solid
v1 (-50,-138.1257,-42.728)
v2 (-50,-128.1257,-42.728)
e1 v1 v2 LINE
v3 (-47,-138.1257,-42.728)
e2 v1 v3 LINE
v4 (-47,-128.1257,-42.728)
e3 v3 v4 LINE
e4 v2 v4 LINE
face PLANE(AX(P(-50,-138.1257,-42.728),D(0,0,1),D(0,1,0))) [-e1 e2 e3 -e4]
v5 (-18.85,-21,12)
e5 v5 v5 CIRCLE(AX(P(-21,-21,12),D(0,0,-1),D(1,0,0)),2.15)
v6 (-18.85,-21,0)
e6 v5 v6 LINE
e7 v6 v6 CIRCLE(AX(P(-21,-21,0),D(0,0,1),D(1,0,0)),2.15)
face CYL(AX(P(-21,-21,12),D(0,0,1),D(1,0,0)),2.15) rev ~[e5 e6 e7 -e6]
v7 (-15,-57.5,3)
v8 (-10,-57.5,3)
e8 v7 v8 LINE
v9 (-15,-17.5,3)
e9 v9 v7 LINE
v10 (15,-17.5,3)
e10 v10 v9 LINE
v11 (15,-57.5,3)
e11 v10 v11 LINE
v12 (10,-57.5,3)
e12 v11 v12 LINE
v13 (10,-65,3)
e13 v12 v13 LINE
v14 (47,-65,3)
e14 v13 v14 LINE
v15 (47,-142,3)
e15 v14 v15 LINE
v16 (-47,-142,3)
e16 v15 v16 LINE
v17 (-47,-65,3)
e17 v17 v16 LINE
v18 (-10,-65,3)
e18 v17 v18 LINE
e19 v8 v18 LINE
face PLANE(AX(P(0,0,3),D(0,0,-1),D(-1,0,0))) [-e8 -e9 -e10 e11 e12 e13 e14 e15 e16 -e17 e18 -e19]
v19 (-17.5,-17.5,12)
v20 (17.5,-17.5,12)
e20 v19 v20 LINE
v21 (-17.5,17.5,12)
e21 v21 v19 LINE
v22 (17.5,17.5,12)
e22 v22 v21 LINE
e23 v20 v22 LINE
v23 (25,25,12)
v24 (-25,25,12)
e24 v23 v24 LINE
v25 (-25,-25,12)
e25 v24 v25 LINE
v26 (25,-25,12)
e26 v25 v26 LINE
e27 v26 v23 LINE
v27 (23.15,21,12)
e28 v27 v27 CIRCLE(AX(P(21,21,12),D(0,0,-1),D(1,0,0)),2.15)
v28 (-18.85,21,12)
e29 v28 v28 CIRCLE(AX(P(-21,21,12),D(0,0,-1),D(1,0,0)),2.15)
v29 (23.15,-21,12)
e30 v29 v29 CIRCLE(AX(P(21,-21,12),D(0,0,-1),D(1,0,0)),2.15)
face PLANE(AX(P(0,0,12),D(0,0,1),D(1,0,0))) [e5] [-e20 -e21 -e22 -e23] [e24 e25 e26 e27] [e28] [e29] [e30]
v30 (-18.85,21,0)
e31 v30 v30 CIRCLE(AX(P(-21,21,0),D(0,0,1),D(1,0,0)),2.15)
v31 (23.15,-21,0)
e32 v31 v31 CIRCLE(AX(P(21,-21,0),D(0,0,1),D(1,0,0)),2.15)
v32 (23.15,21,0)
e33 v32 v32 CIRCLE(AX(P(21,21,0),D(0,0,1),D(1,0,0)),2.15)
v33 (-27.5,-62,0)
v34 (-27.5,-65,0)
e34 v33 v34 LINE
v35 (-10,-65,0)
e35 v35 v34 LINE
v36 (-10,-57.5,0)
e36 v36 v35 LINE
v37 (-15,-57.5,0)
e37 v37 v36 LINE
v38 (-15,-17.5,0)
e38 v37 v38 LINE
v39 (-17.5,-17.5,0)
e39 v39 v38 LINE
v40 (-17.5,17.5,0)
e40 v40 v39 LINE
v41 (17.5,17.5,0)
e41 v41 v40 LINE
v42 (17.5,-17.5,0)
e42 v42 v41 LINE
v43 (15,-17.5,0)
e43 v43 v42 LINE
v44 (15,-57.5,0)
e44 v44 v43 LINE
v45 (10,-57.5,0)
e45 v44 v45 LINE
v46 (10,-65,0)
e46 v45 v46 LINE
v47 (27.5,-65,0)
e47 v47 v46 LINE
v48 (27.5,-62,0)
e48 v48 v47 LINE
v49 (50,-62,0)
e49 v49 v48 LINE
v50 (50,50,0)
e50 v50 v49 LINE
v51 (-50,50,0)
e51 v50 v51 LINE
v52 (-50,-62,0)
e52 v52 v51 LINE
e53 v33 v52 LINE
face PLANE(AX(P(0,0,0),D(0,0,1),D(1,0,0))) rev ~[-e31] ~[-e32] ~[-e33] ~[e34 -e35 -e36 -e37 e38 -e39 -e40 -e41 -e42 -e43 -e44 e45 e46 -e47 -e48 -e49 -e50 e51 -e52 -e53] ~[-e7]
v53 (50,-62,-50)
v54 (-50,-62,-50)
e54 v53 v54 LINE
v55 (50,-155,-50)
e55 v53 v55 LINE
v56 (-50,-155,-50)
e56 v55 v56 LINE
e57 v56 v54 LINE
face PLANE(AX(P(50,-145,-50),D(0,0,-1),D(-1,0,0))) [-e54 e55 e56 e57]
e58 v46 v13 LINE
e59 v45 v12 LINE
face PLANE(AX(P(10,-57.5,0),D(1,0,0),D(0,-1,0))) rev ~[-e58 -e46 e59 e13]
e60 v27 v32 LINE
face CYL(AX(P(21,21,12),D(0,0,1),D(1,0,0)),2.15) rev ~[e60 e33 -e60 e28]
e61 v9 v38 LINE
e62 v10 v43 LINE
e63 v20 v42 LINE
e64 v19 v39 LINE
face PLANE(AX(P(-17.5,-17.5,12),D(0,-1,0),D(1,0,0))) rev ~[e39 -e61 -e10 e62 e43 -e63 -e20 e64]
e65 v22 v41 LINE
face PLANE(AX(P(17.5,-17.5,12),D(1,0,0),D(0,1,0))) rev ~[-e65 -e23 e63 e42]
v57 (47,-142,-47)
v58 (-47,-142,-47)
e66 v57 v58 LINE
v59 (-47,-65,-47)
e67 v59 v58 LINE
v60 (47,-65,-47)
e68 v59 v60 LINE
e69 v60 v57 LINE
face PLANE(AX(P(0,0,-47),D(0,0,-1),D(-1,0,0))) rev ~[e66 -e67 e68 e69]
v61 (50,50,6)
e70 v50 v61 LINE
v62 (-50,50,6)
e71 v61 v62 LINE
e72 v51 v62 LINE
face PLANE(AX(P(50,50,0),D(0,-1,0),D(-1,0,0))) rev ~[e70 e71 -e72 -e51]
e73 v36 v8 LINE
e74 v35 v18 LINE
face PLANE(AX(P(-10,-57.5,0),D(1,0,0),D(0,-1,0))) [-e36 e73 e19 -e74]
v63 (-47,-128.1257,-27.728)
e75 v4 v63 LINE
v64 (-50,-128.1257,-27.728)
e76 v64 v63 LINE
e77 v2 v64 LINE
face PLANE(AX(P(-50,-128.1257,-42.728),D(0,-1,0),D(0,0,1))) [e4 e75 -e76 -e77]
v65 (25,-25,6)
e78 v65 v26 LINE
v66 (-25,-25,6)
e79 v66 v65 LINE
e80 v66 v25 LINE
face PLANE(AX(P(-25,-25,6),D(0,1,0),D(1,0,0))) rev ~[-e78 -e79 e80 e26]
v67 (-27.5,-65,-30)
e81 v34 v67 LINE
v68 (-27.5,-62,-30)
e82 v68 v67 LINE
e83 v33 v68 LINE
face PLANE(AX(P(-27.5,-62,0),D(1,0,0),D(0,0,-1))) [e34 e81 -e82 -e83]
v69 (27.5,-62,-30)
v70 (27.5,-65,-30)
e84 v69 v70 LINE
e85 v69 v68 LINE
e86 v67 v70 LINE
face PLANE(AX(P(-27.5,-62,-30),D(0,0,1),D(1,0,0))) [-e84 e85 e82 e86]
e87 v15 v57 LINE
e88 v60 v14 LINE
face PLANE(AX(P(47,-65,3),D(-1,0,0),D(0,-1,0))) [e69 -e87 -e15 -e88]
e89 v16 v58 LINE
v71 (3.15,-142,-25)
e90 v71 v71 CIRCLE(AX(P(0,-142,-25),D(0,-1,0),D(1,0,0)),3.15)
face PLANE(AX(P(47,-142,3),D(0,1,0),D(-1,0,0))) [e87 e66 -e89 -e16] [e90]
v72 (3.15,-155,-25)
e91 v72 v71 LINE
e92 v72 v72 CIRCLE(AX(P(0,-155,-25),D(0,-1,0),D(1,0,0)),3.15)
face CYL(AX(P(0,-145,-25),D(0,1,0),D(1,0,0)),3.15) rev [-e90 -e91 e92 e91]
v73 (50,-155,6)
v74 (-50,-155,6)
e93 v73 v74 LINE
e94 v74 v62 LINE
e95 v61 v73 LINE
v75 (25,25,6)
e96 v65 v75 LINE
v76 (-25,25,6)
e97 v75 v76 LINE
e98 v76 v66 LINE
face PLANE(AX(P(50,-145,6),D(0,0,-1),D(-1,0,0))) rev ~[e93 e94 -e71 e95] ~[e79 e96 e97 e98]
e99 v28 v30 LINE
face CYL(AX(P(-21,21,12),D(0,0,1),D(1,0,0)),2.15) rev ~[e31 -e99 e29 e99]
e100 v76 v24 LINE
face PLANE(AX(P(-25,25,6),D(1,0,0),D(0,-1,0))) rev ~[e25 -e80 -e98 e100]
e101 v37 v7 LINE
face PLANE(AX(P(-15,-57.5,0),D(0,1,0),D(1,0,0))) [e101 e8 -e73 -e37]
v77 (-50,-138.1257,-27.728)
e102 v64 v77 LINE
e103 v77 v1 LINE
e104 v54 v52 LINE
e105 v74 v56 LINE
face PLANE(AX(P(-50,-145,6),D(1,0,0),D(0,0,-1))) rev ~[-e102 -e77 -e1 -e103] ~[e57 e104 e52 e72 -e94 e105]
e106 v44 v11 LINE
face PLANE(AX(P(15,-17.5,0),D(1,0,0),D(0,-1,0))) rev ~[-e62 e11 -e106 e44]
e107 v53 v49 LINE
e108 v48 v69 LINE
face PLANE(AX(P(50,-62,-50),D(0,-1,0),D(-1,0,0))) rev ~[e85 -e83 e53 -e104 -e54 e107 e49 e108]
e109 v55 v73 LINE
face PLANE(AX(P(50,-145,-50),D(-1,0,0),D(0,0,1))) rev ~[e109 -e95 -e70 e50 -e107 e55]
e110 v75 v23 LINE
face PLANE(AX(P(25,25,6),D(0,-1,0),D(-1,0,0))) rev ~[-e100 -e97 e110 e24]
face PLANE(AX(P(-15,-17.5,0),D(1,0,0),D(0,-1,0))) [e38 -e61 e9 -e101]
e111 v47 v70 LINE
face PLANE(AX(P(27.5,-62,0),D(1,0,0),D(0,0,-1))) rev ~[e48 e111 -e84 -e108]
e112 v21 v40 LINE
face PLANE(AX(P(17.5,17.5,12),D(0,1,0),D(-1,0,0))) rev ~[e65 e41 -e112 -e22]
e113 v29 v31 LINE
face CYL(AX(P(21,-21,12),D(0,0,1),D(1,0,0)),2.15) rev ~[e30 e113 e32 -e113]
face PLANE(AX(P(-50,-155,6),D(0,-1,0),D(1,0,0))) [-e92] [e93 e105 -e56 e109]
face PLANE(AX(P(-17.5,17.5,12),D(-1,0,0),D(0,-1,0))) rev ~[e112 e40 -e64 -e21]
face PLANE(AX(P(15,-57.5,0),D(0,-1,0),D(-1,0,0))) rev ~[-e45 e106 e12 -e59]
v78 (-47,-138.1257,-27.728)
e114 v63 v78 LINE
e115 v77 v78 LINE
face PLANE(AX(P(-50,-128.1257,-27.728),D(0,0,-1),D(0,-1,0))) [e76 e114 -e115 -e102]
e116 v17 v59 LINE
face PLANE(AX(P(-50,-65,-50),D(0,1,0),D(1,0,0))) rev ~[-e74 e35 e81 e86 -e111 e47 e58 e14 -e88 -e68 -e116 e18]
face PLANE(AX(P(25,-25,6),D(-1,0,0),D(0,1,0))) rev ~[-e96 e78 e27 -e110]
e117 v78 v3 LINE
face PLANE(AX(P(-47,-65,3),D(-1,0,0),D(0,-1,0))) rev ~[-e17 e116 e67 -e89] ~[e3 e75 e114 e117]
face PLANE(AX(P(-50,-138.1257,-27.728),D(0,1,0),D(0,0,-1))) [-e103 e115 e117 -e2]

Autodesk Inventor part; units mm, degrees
ref_plane "YZ Plane" through (0, 0, 0) normal (1, 0, 0) x (0, 1, 0)
ref_plane "XZ Plane" through (0, 0, 0) normal (0, 1, 0) x (-1, 0, 0)
ref_plane "XY Plane" through (0, 0, 0) normal (0, 0, 1) x (1, 0, 0)
sketch "草图1" plane through (0, 0, 0) normal (0, 0, 1) x (1, 0, 0)
  line L0 (-50, -50) -> (50, -50)
  line L1 (50, -50) -> (50, 50)
  line L2 (50, 50) -> (-50, 50)
  line L3 (-50, 50) -> (-50, -50)
  line L4 (-50, -50) -> (50, 50) construction
  line L5 (50, -50) -> (-50, 50) construction
  line L6 (-50, -50) -> (50, -50)
  line L7 (50, -50) -> (50, -65)
  line L8 (50, -65) -> (-50, -65)
  line L9 (-50, -65) -> (-50, -50)
  point P0 (0, 0)
  dimension "d0" = 100
  dimension "d1" = 100
  dimension "d2" = 15
extrude "拉伸1" add sketch "草图1" along normal blind 6
sketch "草图2" plane through (0, 0, 6) normal (0, 0, 1) x (1, 0, 0)
  line L0 (-25, -25) -> (25, -25)
  line L1 (25, -25) -> (25, 25)
  line L2 (25, 25) -> (-25, 25)
  line L3 (-25, 25) -> (-25, -25)
  line L4 (-25, -25) -> (25, 25) construction
  line L5 (25, -25) -> (-25, 25) construction
  point P0 (0, 0)
  dimension "d5" = 50
  dimension "d6" = 50
extrude "拉伸2" add sketch "草图2" along normal blind 6
sketch "草图3" plane through (0, 0, 12) normal (0, 0, 1) x (1, 0, 0)
  line L0 (-17.5, -17.5) -> (17.5, -17.5)
  line L1 (17.5, -17.5) -> (17.5, 17.5)
  line L2 (17.5, 17.5) -> (-17.5, 17.5)
  line L3 (-17.5, 17.5) -> (-17.5, -17.5)
  line L4 (-17.5, -17.5) -> (17.5, 17.5) construction
  line L5 (17.5, -17.5) -> (-17.5, 17.5) construction
  point P0 (0, 0)
  dimension "d9" = 35
  dimension "d10" = 35
extrude "拉伸3" cut sketch "草图3" against normal through all
sketch "草图4" plane through (0, 0, 12) normal (0, 0, 1) x (1, 0, 0)
  line L0 (-21, -21) -> (21, -21)
  line L1 (21, -21) -> (21, 21)
  line L2 (21, 21) -> (-21, 21)
  line L3 (-21, 21) -> (-21, -21)
  line L4 (-21, -21) -> (21, 21) construction
  line L5 (21, -21) -> (-21, 21) construction
  circle A0 centre (21, 21) radius 2.15
  circle A1 centre (-21, 21) radius 2.15
  circle A2 centre (-21, -21) radius 2.15
  circle A3 centre (21, -21) radius 2.15
  point P0 (0, 0)
  dimension "d13" = 42
  dimension "d14" = 42
  dimension "d15" = 4.3
  dimension "d16" = 4.3
  dimension "d17" = 4.3
  dimension "d18" = 4.3
extrude "拉伸4" cut sketch "草图4" against normal through all contours L3 A2 L0 | L0 A2 L3 | A3 L1 L0 | L0 L1 A3 | A1 L2 L3 | L3 L2 A1 | A0 L2 L1 | L1 L2 A0
sketch "草图5" plane through (0, 0, 0) normal (0, 0, -1) x (-1, 0, 0)
  line L0 (0, 0) -> (15, 0)
  line L1 (15, -17.5) -> (15, -57.5)
  line L2 (15, -57.5) -> (0, -57.5)
  line L3 (-17.5, -17.5) -> (17.5, -17.5) projected
  line L4 (15, -17.5) -> (0, -17.5)
  line L5 (-15, -17.5) -> (-15, -57.5)
  line L6 (-15, -57.5) -> (0, -57.5)
  line L7 (17.5, -17.5) -> (-17.5, -17.5)
  line L8 (0, -57.5) -> (10, -57.5)
  line L9 (10, -57.5) -> (10, -76.7389)
  line L10 (10, -76.7389) -> (0, -76.7389)
  line L11 (0, -76.7389) -> (0, -57.5)
  line L12 (-10, -57.5) -> (-10, -76.7389)
  line L13 (-10, -76.7389) -> (0, -76.7389)
  dimension "d21" = 15
  dimension "d22" = 40
  dimension "d23" = 10
extrude "拉伸5" cut sketch "草图5" against normal blind 3
sketch "草图6" plane through (0, 0, 0) normal (0, 0, -1) x (-1, 0, 0)
  point P0 (0, 0)
sketch "草图7" plane through (-50, -65, 6) normal (0, -1, 0) x (1, 0, 0)
  line L0 (100, -6) -> (0, -6) projected
  line L1 (0, -6) -> (0, 0) projected
  line L2 (100, -6) -> (0, -6)
  line L3 (0, -6) -> (0, 0)
  line L4 (0, 0) -> (100, 0)
  line L5 (100, 0) -> (100, -6)
  point P0 (50, -6)
extrude "拉伸6" add sketch "草图7" along normal blind 80
sketch "草图8" plane through (0, 0, 0) normal (0, 0, -1) x (-1, 0, 0)
  line L0 (10, -65) -> (-10, -65) projected
  line L1 (50, 50) -> (50, -145) projected
  line L2 (0, -65) -> (50, -65)
  line L3 (50, -65) -> (50, -145)
  line L4 (50, -145) -> (0, -145)
  line L5 (0, -145) -> (0, -65)
  line L6 (-50, 50) -> (-50, -145)
  line L7 (0, -65) -> (-50, -65)
  line L8 (-50, -145) -> (0, -145)
  point P0 (0, 0)
extrude "拉伸7" cut sketch "草图8" against normal blind 3
sketch "草图9" plane through (0, 0, 3) normal (0, 0, -1) x (-1, 0, 0)
  line L0 (-50, -145) -> (-50, -65) projected
  line L1 (-50, -65) -> (-47, -65)
  line L2 (-47, -65) -> (-47, -142)
  line L3 (-47, -155.7604) -> (-50, -155.7604)
  line L4 (-50, -145) -> (-50, -65)
  line L5 (50, 50) -> (50, -145) projected
  line L6 (50, -65) -> (47, -65)
  line L7 (47, -65) -> (47, -142)
  line L8 (47, -155.7604) -> (50, -155.7604)
  line L9 (50, -145) -> (50, -65)
  line L10 (-47, -142) -> (47, -142)
  line L11 (63.4475, -142) -> (63.4475, -145)
  line L12 (50, -145) -> (-50, -145)
  line L13 (-50, -145) -> (-50, -142)
  point P0 (0, 0)
  point P1 (50, -145)
  dimension "d30" = 3
  dimension "d31" = 3
  dimension "d32" = 3
extrude "拉伸8" add sketch "草图9" along normal blind 50
sketch "草图10" plane through (0, 0, -47) normal (0, 0, -1) x (-1, 0, 0)
  line L0 (50, -65) -> (47, -65) projected
  line L1 (50, -145) -> (50, -65) projected
  line L2 (-50, 50) -> (-50, -145) projected
  line L3 (-50, -145) -> (50, -145)
  line L4 (50, -145) -> (50, -65)
  line L5 (50, -65) -> (-50, -65)
  line L6 (-50, -65) -> (-50, -145)
  point P0 (0, 0)
extrude "拉伸9" add sketch "草图10" along normal blind 3
sketch "草图11" plane through (-50, 50, 0) normal (-1, 0, 0) x (0, 0, 1)
  line L0 (-42.728, -178.1257) -> (-27.728, -178.1257)
  line L1 (-27.728, -178.1257) -> (-27.728, -188.1257)
  line L2 (-27.728, -188.1257) -> (-42.728, -188.1257)
  line L3 (-42.728, -188.1257) -> (-42.728, -178.1257)
  point P0 (0, -50)
  dimension "d37" = 10
  dimension "d38" = 15
extrude "拉伸10" cut sketch "草图11" against normal blind 3
sketch "草图12" plane through (-50, -145, 6) normal (0, -1, 0) x (1, 0, 0)
  line L0 (0, -56) -> (100, -56) projected
  line L1 (100, -6) -> (100, -56) projected
  line L2 (100, -6) -> (97, -6) projected
  line L3 (100, -6) -> (100, -56) projected
  line L4 (0, -56) -> (100, -56) projected
  line L5 (0, -6) -> (0, -56) projected
  line L6 (3, -6) -> (0, -6) projected
  line L7 (3, -6) -> (3, -53) projected
  line L8 (3, -53) -> (97, -53) projected
  line L9 (97, -6) -> (97, -53) projected
  line L10 (100, -56) -> (0, -56)
  line L11 (0, -56) -> (0, -6)
  line L12 (0, -6) -> (100, -6)
  line L13 (100, -6) -> (100, -56)
  point P0 (50, -6)
sketch "草图13" plane through (0, 0, -50) normal (0, 0, -1) x (-1, 0, 0)
  line L0 (50, -145) -> (50, -65) projected
  line L1 (50, -65) -> (-50, -65)
  line L2 (-53.2797, -65) -> (-53.2797, -62)
  line L3 (-50, -62) -> (50, -62)
  line L4 (50, -62) -> (50, -65)
  line L5 (-50, 50) -> (-50, -65) projected
  line L6 (-50, -62) -> (-50, -65)
  line L7 (-50, 50) -> (-50, -65) projected
  line L8 (-50, 50) -> (-50, -145) projected
  line L9 (-50, -65) -> (-50, -145) projected
  line L10 (-50, 50) -> (-50, -65) projected
  line L11 (-50, 50) -> (-50, -145) projected
  line L12 (-50, -65) -> (-50, -145) projected
  point P0 (0, 0)
  dimension "d41" = 3
sketch "草图14" plane through (0, 0, 0) normal (0, 0, -1) x (-1, 0, 0)
  point P0 (0, 0)
extrude "拉伸11" add sketch "草图13" against normal blind 50
sketch "草图15" plane through (-50, -62, -50) normal (0, 1, 0) x (1, 0, 0)
  line L0 (50, -50) -> (35, -50)
  line L1 (35, -50) -> (35, -38)
  line L2 (35, -38) -> (50, -38)
  line L3 (50, -38) -> (50, -50)
  line L4 (50, -50) -> (65, -50)
  line L5 (65, -50) -> (65, -38)
  line L6 (65, -38) -> (50, -38)
  dimension "d44" = 15
  dimension "d45" = 12
extrude "拉伸12" cut sketch "草图15" against normal blind 10
sketch "草图16" plane through (-50, -145, 6) normal (0, -1, 0) x (1, 0, 0)
  line L0 (50, -6) -> (50, -31)
  line L1 (100, -56) -> (0, -56) projected
  circle A0 centre (50, -31) radius 3.15
  dimension "d48" = 25
  dimension "d49" = 6.3
extrude "拉伸13" cut sketch "草图16" against normal blind 10
sketch "草图17" plane through (0, 0, 12) normal (0, 0, 1) x (1, 0, 0)
  line L0 (17.5, 17.5) -> (-17.5, 17.5) projected
  line L1 (-17.5, -17.5) -> (17.5, -17.5)
  line L2 (17.5, -17.5) -> (17.5, 17.5)
  line L3 (17.5, 17.5) -> (-17.5, 17.5)
  line L4 (-17.5, 17.5) -> (-17.5, -17.5)
  line L5 (-17.5, -17.5) -> (17.5, 17.5) construction
  line L6 (17.5, -17.5) -> (-17.5, 17.5) construction
  line L7 (-12.5, -12.5) -> (12.5, -12.5)
  line L8 (12.5, -12.5) -> (12.5, 12.5)
  line L9 (12.5, 12.5) -> (-12.5, 12.5)
  line L10 (-12.5, 12.5) -> (-12.5, -12.5)
  line L11 (-12.5, -12.5) -> (12.5, 12.5) construction
  line L12 (12.5, -12.5) -> (-12.5, 12.5) construction
  point P0 (0, 0)
  dimension "d52" = 25
  dimension "d53" = 25
extrude "拉伸14" add sketch "草图17" against normal blind 12
sketch "草图18" plane through (0, 0, 0) normal (0, 0, -1) x (-1, 0, 0)
  line L0 (-15, -17.5) -> (15, -17.5) projected
  line L1 (-15, -17.5) -> (15, -17.5)
  line L2 (15, -17.5) -> (15, -12.5)
  line L3 (15, -12.5) -> (-15, -12.5)
  line L4 (-15, -12.5) -> (-15, -17.5)
  point P0 (0, 0)
  point P1 (15, -17.5)
  dimension "d56" = 5
extrude "拉伸15" cut sketch "草图18" against normal blind 3
sketch "草图19" plane through (-50, -62, -50) normal (0, 1, 0) x (1, 0, 0)
  line L0 (35, -50) -> (35, -38) projected
  line L1 (35, -38) -> (65, -38) projected
  line L2 (65, -38) -> (65, -50) projected
  line L3 (100, -50) -> (65, -50) projected
  line L4 (100, 0) -> (100, -50) projected
  line L5 (0, 0) -> (100, 0) projected
  line L6 (0, 0) -> (0, -50) projected
  line L7 (35, -50) -> (0, -50) projected
  line L8 (35, -50) -> (35, -38) projected
  line L9 (35, -38) -> (65, -38) projected
  line L10 (65, -38) -> (65, -50) projected
  line L11 (100, -50) -> (65, -50) projected
  line L12 (100, 0) -> (100, -50) projected
  line L13 (0, 0) -> (100, 0) projected
  line L14 (0, 0) -> (0, -50) projected
  line L15 (35, -50) -> (0, -50) projected
  line L16 (50, -50) -> (77.5, -50)
  line L17 (77.5, -50) -> (77.5, -20)
  line L18 (77.5, -20) -> (50, -20)
  line L19 (50, -20) -> (50, -50)
  line L20 (50, -50) -> (22.5, -50)
  line L21 (22.5, -50) -> (22.5, -20)
  line L22 (22.5, -20) -> (50, -20)
  dimension "d59" = 27.5
  dimension "d60" = 30
extrude "拉伸16" cut sketch "草图19" against normal blind 3 contours L7 L21 L22 L19 L1 L0 | L19 L18 L17 L3 L2 L1
sketch "草图20" plane through (-50, -145, 6) normal (0, -1, 0) x (1, 0, 0)
  circle A0 centre (50, -31) radius 3.15 projected
  circle A1 centre (50, -31) radius 3.15 projected
  line L0 (100, -56) -> (100, 0) projected
  line L1 (100, 0) -> (0, 0) projected
  line L2 (0, 0) -> (0, -56) projected
  line L3 (100, -56) -> (0, -56) projected
  circle A2 centre (50, -31) radius 3.15
  line L4 (100, -56) -> (0, -56)
  line L5 (0, -56) -> (0, 0)
  line L6 (0, 0) -> (100, 0)
  line L7 (100, 0) -> (100, -56)
  point P0 (50, -6)
extrude "拉伸17" add sketch "草图20" along normal blind 10
sketch "草图21" plane through (0, 0, 12) normal (0, 0, 1) x (1, 0, 0)
  line L0 (-17.5, -17.5) -> (17.5, -17.5)
  line L1 (17.5, -17.5) -> (17.5, 17.5)
  line L2 (17.5, 17.5) -> (-17.5, 17.5)
  line L3 (-17.5, 17.5) -> (-17.5, -17.5)
  line L4 (-17.5, -17.5) -> (17.5, 17.5) construction
  line L5 (17.5, -17.5) -> (-17.5, 17.5) construction
  point P0 (0, 0)
  dimension "d65" = 35
  dimension "d66" = 35
extrude "拉伸18" cut sketch "草图21" against normal blind 15
sketch "草图22" plane through (0, 0, 0) normal (0, 0, -1) x (-1, 0, 0)
  point P0 (0, 0)
properties part number "12"
